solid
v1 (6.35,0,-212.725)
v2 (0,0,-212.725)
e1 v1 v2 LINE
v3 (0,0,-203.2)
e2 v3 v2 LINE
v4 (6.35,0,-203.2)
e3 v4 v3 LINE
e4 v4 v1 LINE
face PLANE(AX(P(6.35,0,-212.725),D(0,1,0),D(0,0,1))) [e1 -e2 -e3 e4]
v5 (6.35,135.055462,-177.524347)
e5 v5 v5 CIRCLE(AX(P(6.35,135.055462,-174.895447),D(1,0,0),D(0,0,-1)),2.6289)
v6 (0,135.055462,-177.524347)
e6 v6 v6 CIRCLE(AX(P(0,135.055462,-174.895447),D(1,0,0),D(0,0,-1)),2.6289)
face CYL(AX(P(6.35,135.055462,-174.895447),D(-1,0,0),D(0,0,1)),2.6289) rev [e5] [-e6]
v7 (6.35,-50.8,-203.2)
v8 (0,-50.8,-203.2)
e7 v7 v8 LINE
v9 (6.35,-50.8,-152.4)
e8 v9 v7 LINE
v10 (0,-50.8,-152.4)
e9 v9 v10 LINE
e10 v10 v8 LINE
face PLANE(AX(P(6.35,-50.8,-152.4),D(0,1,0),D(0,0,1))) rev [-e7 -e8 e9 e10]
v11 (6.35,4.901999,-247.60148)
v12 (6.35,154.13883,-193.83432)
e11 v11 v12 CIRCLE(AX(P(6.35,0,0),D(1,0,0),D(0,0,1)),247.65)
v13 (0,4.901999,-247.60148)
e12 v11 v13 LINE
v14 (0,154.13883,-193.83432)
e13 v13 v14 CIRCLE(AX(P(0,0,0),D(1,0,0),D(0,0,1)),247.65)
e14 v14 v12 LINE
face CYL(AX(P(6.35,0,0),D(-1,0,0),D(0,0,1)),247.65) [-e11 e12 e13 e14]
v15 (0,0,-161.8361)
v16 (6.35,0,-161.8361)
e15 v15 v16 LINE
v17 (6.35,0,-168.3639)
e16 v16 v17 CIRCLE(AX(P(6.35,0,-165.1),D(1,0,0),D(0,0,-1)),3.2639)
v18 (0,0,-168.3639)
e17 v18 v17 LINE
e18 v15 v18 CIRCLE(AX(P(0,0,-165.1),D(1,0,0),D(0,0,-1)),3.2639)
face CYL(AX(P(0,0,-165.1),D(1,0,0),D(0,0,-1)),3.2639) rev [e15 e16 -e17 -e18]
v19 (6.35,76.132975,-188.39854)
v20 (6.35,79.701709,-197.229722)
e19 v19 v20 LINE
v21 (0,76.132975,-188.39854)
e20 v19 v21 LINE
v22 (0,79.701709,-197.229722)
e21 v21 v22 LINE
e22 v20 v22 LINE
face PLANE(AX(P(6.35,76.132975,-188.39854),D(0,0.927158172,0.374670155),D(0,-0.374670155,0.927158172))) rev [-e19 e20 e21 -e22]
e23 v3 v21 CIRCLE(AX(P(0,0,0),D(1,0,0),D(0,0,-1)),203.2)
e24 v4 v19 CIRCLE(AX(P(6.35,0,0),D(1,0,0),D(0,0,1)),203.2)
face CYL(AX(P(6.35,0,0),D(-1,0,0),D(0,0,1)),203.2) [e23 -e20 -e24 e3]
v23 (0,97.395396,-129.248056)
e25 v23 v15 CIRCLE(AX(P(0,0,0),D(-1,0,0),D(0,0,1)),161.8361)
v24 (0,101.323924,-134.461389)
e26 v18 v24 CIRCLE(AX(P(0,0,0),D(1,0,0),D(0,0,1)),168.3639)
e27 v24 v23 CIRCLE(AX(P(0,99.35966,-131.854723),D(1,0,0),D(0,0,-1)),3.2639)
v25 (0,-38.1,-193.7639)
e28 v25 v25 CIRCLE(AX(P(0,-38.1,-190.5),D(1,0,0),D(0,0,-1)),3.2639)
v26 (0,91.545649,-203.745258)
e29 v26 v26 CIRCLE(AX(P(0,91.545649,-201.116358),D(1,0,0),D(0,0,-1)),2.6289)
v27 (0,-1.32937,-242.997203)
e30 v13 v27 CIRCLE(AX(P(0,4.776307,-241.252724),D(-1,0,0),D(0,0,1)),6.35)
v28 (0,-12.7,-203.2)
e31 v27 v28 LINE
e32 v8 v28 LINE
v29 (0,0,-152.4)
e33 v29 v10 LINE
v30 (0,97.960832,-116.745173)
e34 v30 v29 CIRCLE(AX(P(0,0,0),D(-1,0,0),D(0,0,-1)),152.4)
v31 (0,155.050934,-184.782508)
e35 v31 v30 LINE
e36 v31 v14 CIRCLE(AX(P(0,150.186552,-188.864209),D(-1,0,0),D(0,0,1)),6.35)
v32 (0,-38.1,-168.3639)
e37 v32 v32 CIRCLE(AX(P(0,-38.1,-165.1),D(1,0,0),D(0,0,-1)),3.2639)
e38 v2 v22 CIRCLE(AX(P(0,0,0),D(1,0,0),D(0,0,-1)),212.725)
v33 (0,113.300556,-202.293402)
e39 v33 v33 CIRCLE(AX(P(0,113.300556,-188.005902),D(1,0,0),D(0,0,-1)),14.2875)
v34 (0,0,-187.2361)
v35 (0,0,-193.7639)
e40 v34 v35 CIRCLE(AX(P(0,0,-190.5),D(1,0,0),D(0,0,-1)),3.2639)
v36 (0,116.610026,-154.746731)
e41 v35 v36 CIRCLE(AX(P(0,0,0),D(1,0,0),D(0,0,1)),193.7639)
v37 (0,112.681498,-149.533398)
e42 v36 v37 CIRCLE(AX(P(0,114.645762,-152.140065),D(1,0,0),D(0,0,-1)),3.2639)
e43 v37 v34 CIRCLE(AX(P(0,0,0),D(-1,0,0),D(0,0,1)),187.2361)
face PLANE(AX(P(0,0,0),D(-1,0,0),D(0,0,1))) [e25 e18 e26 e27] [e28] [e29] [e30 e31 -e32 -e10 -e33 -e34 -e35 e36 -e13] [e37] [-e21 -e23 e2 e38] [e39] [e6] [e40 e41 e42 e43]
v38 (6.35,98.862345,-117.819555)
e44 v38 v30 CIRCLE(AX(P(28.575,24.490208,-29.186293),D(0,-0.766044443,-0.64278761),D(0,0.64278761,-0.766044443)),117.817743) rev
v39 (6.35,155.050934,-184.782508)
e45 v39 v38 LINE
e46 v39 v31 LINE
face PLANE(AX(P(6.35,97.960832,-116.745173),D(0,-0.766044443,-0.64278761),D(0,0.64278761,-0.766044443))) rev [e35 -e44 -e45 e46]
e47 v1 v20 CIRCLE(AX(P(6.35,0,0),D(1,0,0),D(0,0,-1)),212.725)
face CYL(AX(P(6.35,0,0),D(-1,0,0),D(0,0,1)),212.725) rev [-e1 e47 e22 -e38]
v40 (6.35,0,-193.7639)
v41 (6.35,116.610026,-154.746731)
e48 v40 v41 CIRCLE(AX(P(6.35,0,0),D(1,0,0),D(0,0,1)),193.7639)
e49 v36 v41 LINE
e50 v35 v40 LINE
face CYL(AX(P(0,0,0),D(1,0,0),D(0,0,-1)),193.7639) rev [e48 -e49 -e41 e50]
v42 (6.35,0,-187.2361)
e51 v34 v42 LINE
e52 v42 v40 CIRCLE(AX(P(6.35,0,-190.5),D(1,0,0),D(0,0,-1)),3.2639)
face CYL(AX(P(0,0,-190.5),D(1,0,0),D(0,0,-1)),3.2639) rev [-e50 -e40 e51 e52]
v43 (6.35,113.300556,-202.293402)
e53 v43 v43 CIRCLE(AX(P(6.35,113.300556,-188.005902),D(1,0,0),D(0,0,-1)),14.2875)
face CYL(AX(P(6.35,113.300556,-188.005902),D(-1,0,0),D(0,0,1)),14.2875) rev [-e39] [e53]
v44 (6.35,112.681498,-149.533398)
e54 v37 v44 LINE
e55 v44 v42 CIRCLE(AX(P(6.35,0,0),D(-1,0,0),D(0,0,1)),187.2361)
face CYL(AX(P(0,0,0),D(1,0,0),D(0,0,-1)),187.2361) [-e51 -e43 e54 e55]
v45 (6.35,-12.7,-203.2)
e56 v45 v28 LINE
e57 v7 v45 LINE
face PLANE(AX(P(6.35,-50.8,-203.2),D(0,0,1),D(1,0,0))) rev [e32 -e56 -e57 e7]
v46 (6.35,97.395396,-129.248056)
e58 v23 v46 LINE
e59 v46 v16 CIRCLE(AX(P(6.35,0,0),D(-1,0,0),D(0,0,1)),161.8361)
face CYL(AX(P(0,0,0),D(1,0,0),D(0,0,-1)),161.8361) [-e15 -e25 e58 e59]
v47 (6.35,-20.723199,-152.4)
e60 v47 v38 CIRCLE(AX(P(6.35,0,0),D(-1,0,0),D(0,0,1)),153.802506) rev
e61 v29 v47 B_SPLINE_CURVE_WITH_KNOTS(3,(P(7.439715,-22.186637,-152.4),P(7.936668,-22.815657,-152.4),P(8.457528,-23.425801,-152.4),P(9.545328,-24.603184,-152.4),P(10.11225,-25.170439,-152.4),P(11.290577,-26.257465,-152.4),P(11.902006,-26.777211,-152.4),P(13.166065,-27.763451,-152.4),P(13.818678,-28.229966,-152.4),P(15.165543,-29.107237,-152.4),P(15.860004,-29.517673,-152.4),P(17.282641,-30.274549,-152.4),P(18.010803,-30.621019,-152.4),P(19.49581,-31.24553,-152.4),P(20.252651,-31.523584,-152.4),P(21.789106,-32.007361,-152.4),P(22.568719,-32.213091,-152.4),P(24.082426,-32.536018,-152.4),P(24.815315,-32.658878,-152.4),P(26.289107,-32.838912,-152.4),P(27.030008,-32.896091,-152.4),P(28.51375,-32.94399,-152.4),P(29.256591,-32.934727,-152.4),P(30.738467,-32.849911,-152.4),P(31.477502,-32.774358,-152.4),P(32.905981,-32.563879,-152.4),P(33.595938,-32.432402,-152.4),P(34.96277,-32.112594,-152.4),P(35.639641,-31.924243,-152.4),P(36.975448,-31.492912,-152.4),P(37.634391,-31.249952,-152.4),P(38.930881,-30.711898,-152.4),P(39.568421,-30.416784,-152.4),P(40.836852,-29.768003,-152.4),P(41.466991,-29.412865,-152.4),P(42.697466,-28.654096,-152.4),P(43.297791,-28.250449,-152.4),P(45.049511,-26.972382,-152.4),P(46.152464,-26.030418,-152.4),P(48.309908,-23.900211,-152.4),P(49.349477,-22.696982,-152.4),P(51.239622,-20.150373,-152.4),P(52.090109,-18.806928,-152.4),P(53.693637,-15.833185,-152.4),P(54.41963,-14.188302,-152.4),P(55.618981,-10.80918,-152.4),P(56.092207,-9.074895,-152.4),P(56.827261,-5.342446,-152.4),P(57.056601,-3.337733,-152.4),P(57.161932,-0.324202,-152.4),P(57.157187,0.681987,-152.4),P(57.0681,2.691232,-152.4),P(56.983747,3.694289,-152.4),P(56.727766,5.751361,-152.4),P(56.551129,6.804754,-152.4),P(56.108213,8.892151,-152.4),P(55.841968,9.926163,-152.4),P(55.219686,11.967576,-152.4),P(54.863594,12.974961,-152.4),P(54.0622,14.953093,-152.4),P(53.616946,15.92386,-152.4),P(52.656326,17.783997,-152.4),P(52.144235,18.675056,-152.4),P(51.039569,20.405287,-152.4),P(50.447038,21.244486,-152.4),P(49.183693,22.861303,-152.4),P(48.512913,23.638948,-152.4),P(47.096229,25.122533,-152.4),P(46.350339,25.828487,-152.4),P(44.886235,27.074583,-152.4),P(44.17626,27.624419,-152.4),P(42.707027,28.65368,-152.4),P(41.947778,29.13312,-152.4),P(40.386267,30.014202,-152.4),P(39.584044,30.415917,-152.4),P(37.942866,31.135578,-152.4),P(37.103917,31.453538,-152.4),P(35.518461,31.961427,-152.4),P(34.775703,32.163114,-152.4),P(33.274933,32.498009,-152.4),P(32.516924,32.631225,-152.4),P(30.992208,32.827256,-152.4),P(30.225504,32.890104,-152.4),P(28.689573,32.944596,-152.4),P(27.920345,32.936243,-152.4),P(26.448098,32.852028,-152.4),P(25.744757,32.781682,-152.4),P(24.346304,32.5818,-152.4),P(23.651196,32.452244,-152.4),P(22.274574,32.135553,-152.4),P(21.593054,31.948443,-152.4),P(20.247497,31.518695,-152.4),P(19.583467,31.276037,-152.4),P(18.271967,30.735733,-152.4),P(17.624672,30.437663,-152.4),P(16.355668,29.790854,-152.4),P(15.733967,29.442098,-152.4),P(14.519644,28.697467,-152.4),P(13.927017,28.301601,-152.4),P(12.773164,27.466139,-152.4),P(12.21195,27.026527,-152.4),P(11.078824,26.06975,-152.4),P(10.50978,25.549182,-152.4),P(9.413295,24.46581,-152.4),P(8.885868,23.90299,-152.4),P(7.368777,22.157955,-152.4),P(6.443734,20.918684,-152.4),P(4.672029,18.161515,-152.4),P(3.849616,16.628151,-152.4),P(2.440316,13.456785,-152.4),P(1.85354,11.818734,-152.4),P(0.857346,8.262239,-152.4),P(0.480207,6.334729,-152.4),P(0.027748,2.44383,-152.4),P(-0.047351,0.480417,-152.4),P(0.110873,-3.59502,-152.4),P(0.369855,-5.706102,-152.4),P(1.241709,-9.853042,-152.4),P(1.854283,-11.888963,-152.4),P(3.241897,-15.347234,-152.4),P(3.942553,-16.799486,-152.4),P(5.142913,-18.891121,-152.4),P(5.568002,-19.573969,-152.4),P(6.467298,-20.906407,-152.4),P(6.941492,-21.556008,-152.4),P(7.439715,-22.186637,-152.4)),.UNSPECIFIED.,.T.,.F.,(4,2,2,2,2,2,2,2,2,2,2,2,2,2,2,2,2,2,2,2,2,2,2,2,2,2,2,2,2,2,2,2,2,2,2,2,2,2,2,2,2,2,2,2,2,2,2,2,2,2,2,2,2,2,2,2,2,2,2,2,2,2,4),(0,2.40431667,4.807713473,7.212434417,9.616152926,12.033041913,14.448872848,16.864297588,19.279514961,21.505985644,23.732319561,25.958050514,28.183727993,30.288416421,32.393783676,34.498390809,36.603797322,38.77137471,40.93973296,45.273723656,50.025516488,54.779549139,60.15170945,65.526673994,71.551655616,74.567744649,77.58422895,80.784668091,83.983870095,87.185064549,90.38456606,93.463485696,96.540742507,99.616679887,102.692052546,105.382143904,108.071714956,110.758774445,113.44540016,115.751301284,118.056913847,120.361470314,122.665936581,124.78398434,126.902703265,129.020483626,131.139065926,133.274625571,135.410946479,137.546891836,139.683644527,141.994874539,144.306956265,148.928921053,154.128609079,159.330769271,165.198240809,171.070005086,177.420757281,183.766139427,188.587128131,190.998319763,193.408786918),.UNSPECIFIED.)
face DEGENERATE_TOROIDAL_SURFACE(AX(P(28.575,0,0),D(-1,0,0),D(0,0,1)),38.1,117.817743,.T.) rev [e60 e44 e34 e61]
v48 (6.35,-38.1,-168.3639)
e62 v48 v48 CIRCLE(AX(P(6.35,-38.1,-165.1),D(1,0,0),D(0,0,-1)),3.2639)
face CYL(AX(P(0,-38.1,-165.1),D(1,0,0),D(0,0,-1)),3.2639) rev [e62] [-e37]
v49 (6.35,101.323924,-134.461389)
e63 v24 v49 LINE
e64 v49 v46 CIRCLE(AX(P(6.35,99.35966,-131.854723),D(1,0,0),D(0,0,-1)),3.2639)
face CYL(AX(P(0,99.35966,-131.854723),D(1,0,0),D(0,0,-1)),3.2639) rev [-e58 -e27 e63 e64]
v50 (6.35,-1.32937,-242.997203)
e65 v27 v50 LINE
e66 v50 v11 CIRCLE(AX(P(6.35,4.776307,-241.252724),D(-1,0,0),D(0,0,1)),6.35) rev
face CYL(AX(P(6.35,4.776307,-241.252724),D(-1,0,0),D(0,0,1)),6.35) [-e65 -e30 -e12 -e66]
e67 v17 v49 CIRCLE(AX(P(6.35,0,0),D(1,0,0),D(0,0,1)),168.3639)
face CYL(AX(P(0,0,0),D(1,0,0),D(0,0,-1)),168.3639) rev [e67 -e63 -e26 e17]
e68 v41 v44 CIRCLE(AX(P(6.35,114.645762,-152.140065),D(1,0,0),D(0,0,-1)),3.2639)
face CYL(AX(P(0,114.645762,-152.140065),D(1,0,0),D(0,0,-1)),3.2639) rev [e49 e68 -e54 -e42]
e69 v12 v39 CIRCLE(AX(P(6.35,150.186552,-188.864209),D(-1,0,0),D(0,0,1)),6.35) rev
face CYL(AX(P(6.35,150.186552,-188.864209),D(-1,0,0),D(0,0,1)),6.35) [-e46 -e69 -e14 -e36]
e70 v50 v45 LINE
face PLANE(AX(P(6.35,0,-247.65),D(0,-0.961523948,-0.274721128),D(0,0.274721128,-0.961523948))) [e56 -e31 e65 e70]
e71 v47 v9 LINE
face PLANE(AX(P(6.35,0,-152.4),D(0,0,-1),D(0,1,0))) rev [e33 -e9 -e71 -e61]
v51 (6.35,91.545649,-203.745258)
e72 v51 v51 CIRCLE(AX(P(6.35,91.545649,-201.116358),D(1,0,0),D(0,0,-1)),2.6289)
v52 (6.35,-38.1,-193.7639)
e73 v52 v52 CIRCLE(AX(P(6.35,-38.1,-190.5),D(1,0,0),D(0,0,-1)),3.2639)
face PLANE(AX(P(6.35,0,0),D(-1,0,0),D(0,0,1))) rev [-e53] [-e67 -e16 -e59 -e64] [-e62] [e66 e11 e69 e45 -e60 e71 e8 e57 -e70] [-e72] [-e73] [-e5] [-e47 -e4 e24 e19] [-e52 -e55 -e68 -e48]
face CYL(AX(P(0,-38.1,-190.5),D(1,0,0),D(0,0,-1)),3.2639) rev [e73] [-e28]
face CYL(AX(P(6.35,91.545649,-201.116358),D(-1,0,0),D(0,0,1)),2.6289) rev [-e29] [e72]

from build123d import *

# Parameters (mm, degrees)
SKETCH1_R           = 14.2875
SKETCH1_R_2         = 2.6289
BOSS_EXTRUDE1_DEPTH = 6.35
CUT_EXTRUDE4_DEPTH  = 6.35
SKETCH3_R           = 3.2639
CUT_EXTRUDE5_DEPTH  = 6.35
FILLET1_R           = 6.35
BOSS_EXTRUDE2_DEPTH = 6.35
FILLET3_R           = 6.35


with BuildPart() as part:
    # Sketch1 → Boss-Extrude1 (new body)
    with BuildSketch(Plane(origin=(0, 0, 0), x_dir=(0, 0, -1), z_dir=(1, 0, 0))):
        with BuildLine():
            Line((152.4, 0), (152.4, -50.8))
            Line((152.4, -50.8), (203.2, -50.8))
            Line((203.2, -50.8), (203.2, 0))
            ThreePointArc((203.2, 0), (200.112935412, 35.285309702), (190.945540544, 69.498493124))
            ThreePointArc((190.945540544, 69.498493124), (189.701046492, 72.826869766), (188.398540476, 76.132975421))
            Line((188.398540476, 76.132975421), (229.610721205, 92.787063794))
            ThreePointArc((229.610721205, 92.787063794), (212.273109896, 127.556455404), (189.710906338, 159.186351539))
            Line((189.710906338, 159.186351539), (155.660230842, 130.614442288))
            Line((155.660230842, 130.614442288), (116.745173131, 97.960831716))
            ThreePointArc((116.745173131, 97.960831716), (143.209155408, 52.123869843), (152.4, 0))
        make_face()
        with Locations((188.005902275, 113.300555851)):
            Circle(SKETCH1_R, mode=Mode.SUBTRACT)
        with Locations((174.895446842, 135.055462386)):
            Circle(SKETCH1_R_2, mode=Mode.SUBTRACT)
        with Locations((201.116357708, 91.545649316)):
            Circle(SKETCH1_R_2, mode=Mode.SUBTRACT)
    extrude(amount=BOSS_EXTRUDE1_DEPTH)

    # Sketch2 → Cut-Extrude4 (cut)
    with BuildSketch(Plane(origin=(6.35, 0, 0), x_dir=(0, 0, -1), z_dir=(1, 0, 0))):
        with BuildLine():
            ThreePointArc((134.46138915, 101.323924376), (129.890458655, 101.966326764), (129.248056268, 97.395396268))
            ThreePointArc((129.248056268, 97.395396268), (153.473001896, 51.351348104), (161.8361, 0))
            ThreePointArc((161.8361, 0), (165.1, -3.2639), (168.3639, 0))
            ThreePointArc((168.3639, 0), (159.663469053, 53.422649441), (134.46138915, 101.323924376))
        make_face()
        with BuildLine():
            ThreePointArc((154.746731105, 116.610025965), (150.17580061, 117.252428352), (149.533398223, 112.681497856))
            ThreePointArc((149.533398223, 112.681497856), (177.560422739, 59.410886377), (187.2361, 0))
            ThreePointArc((187.2361, 0), (190.5, -3.2639), (193.7639, 0))
            ThreePointArc((193.7639, 0), (183.750889895, 61.482187713), (154.746731105, 116.610025965))
        make_face()
    extrude(amount=-CUT_EXTRUDE4_DEPTH, mode=Mode.SUBTRACT)

    # Sketch3 → Cut-Extrude5 (cut)
    with BuildSketch(Plane(origin=(6.35, 0, 0), x_dir=(0, 0, -1), z_dir=(1, 0, 0))):
        with Locations((165.1, -38.1)):
            Circle(SKETCH3_R)
        with Locations((190.5, -38.1)):
            Circle(SKETCH3_R)
    extrude(amount=-CUT_EXTRUDE5_DEPTH, mode=Mode.SUBTRACT)

    # Fillet1
    fillet1_edges = [part.edges().sort_by_distance(p)[0] for p in [
        (3.175, 159.186351539, -189.710906338),
    ]]
    fillet(fillet1_edges, radius=FILLET1_R)

    # Sketch4 → Cut-Revolve1 (revolve, cut)
    with BuildSketch(Plane(origin=(0, 0, 0), x_dir=(1, 0, 0), z_dir=(0, 1, 0))):
        with BuildLine():
            Line((-89.242743252, 38.1), (146.392743252, 38.1))
            ThreePointArc((146.392743252, 38.1), (28.575, 155.917743252), (-89.242743252, 38.1))
        make_face()
    revolve(axis=Axis((-1000, 0, 0), (1, 0, 0)), mode=Mode.SUBTRACT)

    # Sketch5 → Boss-Extrude2 (add)
    with BuildSketch(Plane.ZY):
        with BuildLine():
            Line((-197.229722061, 79.701708643), (-229.610721205, 92.787063794))
            ThreePointArc((-229.610721205, 92.787063794), (-243.09835212, 47.262180406), (-247.65, 0))
            Line((-247.65, 0), (-203.2, -12.7))
            Line((-203.2, -12.7), (-203.2, 0))
            Line((-203.2, 0), (-212.725, 0))
            ThreePointArc((-212.725, 0), (-208.81525118, 40.597001118), (-197.229722061, 79.701708643))
        make_face()
    extrude(amount=-BOSS_EXTRUDE2_DEPTH)

    # Fillet3
    fillet3_edges = [part.edges().sort_by_distance(p)[0] for p in [
        (3.175, 0, -247.65),
    ]]
    fillet(fillet3_edges, radius=FILLET3_R)


solid = part.part
